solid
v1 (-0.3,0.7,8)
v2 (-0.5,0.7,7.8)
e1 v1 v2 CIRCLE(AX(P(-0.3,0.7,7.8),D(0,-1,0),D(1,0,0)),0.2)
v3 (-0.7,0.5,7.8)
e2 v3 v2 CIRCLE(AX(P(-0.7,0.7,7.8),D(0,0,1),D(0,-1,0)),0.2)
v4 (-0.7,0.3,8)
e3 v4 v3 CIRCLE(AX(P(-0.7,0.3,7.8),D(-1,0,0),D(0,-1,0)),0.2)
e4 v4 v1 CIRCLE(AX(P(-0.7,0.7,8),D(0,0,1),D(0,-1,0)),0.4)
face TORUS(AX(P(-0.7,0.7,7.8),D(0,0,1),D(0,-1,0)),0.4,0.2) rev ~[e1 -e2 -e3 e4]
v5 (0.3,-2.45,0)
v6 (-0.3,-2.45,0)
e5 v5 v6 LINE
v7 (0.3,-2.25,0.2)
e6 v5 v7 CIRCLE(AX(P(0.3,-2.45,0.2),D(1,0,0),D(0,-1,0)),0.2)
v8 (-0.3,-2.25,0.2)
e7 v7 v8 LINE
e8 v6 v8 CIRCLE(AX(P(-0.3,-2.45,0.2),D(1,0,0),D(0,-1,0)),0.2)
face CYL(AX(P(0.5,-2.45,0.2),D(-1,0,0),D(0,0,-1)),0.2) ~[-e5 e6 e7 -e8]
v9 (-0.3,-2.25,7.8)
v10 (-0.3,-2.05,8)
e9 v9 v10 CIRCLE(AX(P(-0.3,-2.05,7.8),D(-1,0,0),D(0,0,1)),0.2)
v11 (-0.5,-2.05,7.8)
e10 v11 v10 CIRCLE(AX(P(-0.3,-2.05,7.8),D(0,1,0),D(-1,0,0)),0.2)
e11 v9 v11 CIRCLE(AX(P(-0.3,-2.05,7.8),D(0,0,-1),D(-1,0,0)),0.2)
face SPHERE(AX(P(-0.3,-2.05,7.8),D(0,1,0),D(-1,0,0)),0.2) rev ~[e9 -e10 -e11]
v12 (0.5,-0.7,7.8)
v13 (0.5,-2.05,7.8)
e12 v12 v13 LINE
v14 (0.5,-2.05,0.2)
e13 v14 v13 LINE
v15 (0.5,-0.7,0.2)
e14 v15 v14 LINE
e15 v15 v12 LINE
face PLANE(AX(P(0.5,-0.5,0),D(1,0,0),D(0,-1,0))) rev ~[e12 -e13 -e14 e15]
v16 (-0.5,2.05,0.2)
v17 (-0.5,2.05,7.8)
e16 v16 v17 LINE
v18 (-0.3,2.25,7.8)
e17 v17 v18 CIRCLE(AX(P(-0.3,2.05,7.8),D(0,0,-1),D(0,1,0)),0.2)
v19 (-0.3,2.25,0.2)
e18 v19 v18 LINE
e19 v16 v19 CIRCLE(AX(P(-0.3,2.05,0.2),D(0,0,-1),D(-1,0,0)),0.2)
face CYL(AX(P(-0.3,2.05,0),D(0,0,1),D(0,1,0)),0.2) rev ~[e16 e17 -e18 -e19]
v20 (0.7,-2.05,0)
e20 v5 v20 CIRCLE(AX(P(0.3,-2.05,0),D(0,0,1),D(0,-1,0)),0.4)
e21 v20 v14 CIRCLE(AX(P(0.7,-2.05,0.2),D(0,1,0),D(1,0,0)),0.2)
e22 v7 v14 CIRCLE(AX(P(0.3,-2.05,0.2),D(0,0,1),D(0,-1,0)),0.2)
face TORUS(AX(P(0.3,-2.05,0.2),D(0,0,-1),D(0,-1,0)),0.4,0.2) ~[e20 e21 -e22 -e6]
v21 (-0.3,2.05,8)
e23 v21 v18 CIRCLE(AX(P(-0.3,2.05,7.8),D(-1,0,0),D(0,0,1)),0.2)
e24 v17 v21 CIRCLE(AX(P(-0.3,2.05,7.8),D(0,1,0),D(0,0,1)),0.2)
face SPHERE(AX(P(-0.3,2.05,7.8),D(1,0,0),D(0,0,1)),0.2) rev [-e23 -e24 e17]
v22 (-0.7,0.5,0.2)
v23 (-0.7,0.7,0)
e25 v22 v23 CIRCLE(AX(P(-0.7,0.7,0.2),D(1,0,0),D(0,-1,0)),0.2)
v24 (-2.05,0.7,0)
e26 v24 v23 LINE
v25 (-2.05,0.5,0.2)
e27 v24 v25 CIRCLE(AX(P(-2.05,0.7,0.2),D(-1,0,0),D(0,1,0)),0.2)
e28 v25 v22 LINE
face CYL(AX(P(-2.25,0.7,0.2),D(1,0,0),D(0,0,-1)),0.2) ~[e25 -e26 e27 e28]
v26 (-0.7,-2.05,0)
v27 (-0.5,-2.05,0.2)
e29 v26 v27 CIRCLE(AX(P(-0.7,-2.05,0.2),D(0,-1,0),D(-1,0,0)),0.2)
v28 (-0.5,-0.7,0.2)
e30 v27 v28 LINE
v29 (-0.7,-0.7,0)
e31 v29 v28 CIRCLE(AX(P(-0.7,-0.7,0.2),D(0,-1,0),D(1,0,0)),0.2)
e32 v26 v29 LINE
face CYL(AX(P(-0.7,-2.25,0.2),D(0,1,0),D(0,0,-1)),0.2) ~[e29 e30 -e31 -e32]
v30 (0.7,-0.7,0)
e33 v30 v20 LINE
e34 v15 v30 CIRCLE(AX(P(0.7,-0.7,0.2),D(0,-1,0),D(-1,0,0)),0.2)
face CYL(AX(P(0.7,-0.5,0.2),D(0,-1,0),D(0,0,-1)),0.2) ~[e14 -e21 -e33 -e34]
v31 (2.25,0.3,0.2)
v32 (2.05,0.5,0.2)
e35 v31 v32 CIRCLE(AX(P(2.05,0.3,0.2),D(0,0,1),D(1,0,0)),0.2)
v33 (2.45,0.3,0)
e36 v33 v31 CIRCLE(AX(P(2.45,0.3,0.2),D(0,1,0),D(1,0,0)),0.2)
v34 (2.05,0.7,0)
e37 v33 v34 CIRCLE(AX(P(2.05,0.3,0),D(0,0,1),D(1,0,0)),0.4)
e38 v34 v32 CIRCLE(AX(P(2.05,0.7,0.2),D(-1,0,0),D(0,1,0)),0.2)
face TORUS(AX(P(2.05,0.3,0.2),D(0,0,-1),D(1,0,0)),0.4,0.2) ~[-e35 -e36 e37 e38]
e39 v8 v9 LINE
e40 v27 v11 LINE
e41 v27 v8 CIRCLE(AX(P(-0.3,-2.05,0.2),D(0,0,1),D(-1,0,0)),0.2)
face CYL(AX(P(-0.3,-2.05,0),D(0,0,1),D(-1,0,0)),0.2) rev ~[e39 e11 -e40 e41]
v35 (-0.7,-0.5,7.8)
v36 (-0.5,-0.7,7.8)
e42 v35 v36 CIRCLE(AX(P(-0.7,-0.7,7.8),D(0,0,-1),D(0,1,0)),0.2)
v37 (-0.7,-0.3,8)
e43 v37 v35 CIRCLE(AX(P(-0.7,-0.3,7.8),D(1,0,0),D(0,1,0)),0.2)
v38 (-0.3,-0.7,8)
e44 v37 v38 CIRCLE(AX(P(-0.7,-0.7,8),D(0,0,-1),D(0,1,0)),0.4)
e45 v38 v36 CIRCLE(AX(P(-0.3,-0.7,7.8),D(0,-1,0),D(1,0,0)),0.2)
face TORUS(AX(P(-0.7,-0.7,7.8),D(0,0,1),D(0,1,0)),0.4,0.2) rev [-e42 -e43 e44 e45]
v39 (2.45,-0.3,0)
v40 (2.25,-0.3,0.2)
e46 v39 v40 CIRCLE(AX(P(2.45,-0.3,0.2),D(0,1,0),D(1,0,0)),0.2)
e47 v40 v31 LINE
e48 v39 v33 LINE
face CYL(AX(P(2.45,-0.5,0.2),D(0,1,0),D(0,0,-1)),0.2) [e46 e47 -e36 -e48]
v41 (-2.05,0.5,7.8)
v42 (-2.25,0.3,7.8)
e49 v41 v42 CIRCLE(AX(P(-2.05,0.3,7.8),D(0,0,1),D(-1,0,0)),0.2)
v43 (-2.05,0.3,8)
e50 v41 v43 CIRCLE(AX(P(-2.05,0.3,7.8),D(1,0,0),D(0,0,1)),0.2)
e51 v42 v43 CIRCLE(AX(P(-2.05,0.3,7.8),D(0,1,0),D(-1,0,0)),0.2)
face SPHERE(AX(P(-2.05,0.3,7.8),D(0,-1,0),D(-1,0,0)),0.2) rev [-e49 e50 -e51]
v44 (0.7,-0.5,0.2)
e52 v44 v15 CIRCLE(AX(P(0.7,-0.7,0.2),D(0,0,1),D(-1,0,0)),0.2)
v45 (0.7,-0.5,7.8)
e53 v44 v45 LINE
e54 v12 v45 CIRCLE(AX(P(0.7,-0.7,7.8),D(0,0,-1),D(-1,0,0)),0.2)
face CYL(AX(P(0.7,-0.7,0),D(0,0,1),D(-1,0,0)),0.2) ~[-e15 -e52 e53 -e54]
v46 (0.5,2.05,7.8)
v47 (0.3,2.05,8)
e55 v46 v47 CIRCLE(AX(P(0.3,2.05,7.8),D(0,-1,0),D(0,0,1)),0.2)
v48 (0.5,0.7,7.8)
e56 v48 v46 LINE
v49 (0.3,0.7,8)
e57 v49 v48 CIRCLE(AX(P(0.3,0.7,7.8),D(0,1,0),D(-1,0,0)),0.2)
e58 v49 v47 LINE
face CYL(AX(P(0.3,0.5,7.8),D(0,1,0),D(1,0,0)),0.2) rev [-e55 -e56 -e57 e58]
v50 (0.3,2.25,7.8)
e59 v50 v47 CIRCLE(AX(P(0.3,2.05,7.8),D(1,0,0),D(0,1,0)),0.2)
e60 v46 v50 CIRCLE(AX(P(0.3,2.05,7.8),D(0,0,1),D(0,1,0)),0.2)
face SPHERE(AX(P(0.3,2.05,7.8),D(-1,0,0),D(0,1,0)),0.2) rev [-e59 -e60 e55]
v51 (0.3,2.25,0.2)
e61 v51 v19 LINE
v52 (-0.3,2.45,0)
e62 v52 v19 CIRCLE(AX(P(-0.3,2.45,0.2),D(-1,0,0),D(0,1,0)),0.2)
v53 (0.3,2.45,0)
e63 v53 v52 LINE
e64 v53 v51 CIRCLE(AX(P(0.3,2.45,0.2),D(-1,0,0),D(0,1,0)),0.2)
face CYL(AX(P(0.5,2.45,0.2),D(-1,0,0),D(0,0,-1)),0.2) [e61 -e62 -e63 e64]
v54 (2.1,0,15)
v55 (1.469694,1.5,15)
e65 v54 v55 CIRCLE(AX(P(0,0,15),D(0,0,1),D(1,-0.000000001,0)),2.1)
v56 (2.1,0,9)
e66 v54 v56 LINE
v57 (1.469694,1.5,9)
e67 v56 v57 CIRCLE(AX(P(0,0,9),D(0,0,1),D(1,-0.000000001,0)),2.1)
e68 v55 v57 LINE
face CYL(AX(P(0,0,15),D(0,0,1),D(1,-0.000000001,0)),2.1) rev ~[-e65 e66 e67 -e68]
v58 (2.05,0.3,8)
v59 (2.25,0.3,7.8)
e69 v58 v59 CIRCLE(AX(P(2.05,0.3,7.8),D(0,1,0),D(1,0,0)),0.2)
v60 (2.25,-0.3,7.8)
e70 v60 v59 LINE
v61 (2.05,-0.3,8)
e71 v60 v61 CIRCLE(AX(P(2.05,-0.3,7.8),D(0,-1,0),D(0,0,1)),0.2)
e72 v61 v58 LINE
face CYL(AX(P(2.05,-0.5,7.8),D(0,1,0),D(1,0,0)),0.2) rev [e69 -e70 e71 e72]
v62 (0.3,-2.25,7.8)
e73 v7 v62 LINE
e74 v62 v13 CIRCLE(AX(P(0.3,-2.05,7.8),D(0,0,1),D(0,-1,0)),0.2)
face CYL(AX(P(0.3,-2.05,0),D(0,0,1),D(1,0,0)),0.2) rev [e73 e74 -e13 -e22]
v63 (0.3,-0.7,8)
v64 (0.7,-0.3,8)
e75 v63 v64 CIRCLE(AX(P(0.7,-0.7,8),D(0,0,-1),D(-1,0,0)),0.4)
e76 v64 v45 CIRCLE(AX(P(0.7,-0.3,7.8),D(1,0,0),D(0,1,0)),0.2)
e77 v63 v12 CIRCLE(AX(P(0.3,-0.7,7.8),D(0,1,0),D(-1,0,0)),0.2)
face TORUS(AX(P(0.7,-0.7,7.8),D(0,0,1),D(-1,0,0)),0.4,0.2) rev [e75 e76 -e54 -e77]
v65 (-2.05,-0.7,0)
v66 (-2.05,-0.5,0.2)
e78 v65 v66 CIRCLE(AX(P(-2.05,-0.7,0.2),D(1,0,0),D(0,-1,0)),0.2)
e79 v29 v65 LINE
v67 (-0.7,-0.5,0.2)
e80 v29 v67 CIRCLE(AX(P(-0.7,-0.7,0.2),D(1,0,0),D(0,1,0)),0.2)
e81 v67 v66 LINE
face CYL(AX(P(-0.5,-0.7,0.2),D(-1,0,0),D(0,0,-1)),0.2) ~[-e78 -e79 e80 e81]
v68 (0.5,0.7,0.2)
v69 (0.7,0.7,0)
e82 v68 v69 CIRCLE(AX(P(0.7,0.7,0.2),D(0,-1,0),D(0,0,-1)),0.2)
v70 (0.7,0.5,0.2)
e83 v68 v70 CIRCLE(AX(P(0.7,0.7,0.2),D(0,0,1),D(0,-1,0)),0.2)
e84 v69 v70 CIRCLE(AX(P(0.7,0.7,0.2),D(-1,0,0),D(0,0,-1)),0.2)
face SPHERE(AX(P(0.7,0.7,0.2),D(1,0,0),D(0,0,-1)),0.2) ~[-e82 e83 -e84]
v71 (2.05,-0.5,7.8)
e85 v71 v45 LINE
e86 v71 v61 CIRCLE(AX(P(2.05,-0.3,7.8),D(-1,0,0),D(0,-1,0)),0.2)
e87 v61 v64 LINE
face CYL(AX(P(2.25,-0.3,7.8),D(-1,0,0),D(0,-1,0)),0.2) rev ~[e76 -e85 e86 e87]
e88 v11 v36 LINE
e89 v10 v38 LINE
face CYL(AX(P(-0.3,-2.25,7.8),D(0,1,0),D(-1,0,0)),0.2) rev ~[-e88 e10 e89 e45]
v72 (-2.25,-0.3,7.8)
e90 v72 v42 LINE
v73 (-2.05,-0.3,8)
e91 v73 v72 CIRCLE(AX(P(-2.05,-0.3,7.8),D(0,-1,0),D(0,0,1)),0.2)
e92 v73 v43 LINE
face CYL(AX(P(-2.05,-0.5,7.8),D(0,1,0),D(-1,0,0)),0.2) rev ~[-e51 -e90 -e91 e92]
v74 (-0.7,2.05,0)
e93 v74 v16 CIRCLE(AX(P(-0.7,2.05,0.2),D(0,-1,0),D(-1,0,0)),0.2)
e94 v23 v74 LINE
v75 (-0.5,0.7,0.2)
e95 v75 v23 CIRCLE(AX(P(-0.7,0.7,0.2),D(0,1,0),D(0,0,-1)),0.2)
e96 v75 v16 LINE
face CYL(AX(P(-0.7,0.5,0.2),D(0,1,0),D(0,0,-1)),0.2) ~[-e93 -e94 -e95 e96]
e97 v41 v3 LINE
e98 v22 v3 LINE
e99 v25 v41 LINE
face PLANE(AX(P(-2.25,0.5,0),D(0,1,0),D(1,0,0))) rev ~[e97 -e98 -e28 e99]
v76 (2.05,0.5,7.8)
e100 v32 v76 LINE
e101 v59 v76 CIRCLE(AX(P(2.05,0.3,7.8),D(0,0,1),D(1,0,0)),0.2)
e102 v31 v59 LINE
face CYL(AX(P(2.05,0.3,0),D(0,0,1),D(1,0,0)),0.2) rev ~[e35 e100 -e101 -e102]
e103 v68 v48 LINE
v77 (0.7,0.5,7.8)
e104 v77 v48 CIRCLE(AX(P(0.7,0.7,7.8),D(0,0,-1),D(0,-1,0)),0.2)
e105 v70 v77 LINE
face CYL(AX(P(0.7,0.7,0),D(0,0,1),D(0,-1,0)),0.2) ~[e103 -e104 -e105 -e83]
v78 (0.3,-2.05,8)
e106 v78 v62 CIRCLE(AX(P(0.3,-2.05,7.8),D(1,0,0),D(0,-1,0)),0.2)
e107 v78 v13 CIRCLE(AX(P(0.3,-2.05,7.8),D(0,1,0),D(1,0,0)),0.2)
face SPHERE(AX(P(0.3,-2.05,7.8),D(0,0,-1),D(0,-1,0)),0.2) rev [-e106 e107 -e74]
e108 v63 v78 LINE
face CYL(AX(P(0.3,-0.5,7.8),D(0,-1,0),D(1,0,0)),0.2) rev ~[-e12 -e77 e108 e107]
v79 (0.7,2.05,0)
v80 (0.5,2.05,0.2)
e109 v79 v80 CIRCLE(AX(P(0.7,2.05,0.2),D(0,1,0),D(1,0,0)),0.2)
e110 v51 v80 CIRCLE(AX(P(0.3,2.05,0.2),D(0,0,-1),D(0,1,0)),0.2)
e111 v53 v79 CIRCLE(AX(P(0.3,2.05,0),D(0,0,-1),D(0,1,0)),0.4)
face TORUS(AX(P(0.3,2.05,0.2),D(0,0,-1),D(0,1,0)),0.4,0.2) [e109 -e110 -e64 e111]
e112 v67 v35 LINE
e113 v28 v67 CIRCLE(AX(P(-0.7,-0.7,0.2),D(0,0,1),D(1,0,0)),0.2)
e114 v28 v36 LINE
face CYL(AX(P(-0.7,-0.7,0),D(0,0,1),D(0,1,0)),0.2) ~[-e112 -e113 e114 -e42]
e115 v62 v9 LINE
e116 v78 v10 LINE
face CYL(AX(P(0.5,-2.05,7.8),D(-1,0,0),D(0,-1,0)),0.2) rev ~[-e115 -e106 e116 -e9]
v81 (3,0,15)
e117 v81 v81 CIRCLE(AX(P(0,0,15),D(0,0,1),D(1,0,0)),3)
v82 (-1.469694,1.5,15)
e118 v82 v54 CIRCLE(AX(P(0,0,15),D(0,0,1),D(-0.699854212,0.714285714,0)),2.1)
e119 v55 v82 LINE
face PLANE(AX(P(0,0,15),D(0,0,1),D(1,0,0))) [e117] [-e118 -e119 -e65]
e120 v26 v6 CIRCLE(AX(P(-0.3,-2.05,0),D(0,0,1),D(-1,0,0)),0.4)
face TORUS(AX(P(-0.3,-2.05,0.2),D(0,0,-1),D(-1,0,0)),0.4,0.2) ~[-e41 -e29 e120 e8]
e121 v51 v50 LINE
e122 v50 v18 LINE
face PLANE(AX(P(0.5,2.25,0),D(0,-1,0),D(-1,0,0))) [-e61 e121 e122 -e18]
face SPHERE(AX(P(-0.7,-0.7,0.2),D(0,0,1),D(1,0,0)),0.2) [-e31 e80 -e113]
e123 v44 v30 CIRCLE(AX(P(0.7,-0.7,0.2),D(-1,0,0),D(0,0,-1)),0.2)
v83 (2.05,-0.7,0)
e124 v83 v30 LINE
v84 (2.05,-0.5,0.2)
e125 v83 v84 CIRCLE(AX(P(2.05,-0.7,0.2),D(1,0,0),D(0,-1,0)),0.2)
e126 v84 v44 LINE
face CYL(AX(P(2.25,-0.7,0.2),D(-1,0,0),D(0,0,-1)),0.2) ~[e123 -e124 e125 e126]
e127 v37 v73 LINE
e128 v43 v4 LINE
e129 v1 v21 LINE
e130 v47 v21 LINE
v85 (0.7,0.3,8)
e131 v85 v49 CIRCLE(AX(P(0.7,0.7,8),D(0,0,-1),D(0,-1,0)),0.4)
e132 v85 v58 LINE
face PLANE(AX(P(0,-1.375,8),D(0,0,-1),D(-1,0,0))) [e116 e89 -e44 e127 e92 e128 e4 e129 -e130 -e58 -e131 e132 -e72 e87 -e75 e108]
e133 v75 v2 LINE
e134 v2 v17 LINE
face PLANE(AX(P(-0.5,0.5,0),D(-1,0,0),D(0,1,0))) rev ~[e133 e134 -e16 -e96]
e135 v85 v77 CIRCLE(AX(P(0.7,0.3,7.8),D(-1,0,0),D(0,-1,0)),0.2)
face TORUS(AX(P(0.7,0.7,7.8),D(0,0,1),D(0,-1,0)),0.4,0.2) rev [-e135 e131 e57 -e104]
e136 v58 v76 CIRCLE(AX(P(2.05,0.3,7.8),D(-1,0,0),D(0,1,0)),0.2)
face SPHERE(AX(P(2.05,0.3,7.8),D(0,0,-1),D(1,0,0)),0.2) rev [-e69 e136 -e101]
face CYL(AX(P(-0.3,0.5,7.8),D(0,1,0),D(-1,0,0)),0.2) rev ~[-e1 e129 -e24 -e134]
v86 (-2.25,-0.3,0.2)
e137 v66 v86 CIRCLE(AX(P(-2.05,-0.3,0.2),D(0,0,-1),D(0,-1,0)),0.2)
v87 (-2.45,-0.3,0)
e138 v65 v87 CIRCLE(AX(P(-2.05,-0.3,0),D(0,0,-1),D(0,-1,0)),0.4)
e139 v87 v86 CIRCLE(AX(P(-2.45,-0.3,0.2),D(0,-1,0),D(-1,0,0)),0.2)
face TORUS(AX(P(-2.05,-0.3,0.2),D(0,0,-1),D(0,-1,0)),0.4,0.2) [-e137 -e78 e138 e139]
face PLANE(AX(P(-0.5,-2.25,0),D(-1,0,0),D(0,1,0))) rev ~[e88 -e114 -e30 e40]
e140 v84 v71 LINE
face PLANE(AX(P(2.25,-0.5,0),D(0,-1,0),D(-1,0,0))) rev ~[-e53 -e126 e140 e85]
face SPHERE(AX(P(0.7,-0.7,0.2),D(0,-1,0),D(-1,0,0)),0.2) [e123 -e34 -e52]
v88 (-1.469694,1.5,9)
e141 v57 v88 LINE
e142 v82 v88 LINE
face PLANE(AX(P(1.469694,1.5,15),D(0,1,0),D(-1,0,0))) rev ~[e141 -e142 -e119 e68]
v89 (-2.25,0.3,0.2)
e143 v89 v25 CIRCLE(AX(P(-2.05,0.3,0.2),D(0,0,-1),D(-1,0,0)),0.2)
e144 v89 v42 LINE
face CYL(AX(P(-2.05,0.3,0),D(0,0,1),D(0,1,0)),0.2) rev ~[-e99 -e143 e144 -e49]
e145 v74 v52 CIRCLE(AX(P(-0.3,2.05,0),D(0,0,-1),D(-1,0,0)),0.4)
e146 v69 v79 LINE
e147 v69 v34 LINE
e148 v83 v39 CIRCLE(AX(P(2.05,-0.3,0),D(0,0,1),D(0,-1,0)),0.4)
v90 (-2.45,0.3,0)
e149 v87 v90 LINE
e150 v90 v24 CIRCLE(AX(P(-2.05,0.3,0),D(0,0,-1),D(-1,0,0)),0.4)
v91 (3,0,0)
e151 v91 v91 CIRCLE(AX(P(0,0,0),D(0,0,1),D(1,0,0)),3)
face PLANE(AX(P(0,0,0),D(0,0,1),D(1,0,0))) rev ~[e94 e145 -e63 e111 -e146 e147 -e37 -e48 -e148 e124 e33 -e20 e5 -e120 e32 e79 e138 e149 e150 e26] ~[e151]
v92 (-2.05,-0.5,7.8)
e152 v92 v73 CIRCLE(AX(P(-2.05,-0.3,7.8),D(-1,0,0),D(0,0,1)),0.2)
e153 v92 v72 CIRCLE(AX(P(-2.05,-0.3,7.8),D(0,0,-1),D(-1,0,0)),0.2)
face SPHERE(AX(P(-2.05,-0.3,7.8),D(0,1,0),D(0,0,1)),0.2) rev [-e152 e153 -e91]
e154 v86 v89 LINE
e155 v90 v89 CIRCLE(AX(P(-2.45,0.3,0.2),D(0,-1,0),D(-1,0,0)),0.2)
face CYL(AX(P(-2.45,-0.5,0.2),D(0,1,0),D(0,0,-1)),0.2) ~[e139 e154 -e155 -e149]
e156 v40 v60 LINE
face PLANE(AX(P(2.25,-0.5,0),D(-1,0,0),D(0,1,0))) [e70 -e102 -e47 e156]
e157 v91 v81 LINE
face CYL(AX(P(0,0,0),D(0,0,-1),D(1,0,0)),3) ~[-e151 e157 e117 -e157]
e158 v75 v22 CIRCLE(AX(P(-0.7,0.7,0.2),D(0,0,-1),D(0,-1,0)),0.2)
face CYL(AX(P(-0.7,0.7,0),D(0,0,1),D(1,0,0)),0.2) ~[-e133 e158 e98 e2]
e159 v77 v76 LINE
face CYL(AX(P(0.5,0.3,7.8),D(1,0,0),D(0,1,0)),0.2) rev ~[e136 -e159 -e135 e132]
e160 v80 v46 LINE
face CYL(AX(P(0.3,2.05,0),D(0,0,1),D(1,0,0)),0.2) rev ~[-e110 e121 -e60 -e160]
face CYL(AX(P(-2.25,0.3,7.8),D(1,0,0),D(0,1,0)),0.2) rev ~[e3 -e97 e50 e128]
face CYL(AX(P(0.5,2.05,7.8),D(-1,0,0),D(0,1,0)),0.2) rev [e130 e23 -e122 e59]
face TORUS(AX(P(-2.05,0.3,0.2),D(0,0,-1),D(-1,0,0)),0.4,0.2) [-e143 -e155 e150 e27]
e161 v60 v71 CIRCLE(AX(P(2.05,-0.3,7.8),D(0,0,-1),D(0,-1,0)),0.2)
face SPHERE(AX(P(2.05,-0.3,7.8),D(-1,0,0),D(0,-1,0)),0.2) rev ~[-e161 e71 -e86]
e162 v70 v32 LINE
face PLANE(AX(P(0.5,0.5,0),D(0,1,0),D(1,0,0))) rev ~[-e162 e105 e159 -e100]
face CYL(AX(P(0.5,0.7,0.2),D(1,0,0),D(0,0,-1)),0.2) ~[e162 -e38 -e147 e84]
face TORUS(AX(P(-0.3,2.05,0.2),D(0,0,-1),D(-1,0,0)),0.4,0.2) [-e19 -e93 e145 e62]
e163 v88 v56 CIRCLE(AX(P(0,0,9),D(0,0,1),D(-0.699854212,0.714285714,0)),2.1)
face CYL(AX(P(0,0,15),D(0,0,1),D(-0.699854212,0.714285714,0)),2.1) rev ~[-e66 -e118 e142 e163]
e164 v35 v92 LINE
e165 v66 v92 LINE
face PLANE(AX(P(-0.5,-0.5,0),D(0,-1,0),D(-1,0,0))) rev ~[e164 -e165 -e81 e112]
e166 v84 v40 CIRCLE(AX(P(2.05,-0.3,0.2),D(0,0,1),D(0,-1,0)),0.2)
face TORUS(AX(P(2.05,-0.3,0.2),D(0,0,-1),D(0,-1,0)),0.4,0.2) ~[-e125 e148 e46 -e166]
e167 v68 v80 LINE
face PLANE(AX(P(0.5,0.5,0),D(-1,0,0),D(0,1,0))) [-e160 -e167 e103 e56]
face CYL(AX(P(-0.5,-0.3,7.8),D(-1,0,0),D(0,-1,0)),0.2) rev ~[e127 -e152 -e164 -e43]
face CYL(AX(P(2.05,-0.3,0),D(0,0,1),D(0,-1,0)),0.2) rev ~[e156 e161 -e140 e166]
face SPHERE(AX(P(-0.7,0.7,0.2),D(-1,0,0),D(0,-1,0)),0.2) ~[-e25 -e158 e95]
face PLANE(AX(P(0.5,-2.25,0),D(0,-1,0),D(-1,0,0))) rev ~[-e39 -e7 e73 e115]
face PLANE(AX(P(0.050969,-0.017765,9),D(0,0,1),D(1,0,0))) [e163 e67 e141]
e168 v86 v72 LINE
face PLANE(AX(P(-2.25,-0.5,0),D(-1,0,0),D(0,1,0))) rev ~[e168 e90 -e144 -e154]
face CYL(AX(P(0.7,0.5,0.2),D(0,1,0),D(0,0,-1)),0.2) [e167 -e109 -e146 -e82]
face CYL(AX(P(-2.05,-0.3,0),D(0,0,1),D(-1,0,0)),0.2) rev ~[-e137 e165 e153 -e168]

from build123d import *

# Parameters (mm, degrees)
SKETCH_1_R          = 3
EXTRUDE_1_DEPTH     = 15
CUT_EXTRUDE_1_DEPTH = 6
SKETCH_3_W          = 1
SKETCH_3_H          = 1.75
SKETCH_3_W_2        = 1.75
SKETCH_3_H_2        = 1
CUT_EXTRUDE_2_DEPTH = 8
FILLET_2_R          = 0.2


with BuildPart() as part:
    # 草图1 → 凸台-拉伸1 (new body)
    with BuildSketch(Plane.XY):
        Circle(SKETCH_1_R)
    extrude(amount=EXTRUDE_1_DEPTH)

    # 草图2 → 切除-拉伸1 (cut)
    with BuildSketch(Plane.XY.offset(15)):
        with BuildLine():
            Line((1.469693846, 1.5), (-1.469693846, 1.5))
            ThreePointArc((-1.469693846, 1.5), (-0.8135241, -1.936021317), (2.1, 0))
            ThreePointArc((2.1, 0), (1.936021317, 0.8135241), (1.469693846, 1.5))
        make_face()
    extrude(amount=-CUT_EXTRUDE_1_DEPTH, mode=Mode.SUBTRACT)

    # 草图3 → 切除-拉伸2 (cut)
    with BuildSketch(Plane(origin=(0, 0, 0), x_dir=(-1, 0, 0), z_dir=(0, 0, -1))):
        with Locations((0, -1.375)):
            Rectangle(SKETCH_3_W, SKETCH_3_H)
        with Locations((1.375, 0)):
            Rectangle(SKETCH_3_W_2, SKETCH_3_H_2)
        Rectangle(SKETCH_3_W, SKETCH_3_H_2)
        with Locations((-1.375, 0)):
            Rectangle(SKETCH_3_W_2, SKETCH_3_H_2)
        with Locations((0, 1.375)):
            Rectangle(SKETCH_3_W, SKETCH_3_H)
    extrude(amount=-CUT_EXTRUDE_2_DEPTH, mode=Mode.SUBTRACT)

    # 圆角2
    fillet_2_edges = [part.edges().sort_by_distance(p)[0] for p in [
        (-0.5, -1.375, 8),
        (-0.5, -0.5, 4),
        (0, -2.25, 0),
        (-0.5, -2.25, 4),
        (0.5, -1.375, 0),
        (0.5, -2.25, 4),
        (1.375, -0.5, 8),
        (0.5, -0.5, 4),
        (2.25, 0, 0),
        (2.25, -0.5, 4),
        (1.375, 0.5, 0),
        (2.25, 0.5, 4),
        (0.5, 1.375, 0),
        (0.5, 0.5, 4),
        (0, 2.25, 8),
        (0.5, 2.25, 4),
        (-0.5, 1.375, 8),
        (-0.5, 2.25, 4),
        (-1.375, 0.5, 0),
        (-0.5, 0.5, 4),
        (-2.25, 0, 8),
        (-2.25, 0.5, 4),
        (-1.375, -0.5, 8),
        (-2.25, -0.5, 4),
        (0, -2.25, 8),
        (0.5, -1.375, 8),
        (2.25, 0, 8),
        (1.375, 0.5, 8),
        (0.5, 1.375, 8),
        (-1.375, 0.5, 8),
        (-0.5, -1.375, 0),
        (-1.375, -0.5, 0),
        (-2.25, 0, 0),
        (-0.5, 1.375, 0),
        (0, 2.25, 0),
        (1.375, -0.5, 0),
    ]]
    fillet(fillet_2_edges, radius=FILLET_2_R)


solid = part.part
